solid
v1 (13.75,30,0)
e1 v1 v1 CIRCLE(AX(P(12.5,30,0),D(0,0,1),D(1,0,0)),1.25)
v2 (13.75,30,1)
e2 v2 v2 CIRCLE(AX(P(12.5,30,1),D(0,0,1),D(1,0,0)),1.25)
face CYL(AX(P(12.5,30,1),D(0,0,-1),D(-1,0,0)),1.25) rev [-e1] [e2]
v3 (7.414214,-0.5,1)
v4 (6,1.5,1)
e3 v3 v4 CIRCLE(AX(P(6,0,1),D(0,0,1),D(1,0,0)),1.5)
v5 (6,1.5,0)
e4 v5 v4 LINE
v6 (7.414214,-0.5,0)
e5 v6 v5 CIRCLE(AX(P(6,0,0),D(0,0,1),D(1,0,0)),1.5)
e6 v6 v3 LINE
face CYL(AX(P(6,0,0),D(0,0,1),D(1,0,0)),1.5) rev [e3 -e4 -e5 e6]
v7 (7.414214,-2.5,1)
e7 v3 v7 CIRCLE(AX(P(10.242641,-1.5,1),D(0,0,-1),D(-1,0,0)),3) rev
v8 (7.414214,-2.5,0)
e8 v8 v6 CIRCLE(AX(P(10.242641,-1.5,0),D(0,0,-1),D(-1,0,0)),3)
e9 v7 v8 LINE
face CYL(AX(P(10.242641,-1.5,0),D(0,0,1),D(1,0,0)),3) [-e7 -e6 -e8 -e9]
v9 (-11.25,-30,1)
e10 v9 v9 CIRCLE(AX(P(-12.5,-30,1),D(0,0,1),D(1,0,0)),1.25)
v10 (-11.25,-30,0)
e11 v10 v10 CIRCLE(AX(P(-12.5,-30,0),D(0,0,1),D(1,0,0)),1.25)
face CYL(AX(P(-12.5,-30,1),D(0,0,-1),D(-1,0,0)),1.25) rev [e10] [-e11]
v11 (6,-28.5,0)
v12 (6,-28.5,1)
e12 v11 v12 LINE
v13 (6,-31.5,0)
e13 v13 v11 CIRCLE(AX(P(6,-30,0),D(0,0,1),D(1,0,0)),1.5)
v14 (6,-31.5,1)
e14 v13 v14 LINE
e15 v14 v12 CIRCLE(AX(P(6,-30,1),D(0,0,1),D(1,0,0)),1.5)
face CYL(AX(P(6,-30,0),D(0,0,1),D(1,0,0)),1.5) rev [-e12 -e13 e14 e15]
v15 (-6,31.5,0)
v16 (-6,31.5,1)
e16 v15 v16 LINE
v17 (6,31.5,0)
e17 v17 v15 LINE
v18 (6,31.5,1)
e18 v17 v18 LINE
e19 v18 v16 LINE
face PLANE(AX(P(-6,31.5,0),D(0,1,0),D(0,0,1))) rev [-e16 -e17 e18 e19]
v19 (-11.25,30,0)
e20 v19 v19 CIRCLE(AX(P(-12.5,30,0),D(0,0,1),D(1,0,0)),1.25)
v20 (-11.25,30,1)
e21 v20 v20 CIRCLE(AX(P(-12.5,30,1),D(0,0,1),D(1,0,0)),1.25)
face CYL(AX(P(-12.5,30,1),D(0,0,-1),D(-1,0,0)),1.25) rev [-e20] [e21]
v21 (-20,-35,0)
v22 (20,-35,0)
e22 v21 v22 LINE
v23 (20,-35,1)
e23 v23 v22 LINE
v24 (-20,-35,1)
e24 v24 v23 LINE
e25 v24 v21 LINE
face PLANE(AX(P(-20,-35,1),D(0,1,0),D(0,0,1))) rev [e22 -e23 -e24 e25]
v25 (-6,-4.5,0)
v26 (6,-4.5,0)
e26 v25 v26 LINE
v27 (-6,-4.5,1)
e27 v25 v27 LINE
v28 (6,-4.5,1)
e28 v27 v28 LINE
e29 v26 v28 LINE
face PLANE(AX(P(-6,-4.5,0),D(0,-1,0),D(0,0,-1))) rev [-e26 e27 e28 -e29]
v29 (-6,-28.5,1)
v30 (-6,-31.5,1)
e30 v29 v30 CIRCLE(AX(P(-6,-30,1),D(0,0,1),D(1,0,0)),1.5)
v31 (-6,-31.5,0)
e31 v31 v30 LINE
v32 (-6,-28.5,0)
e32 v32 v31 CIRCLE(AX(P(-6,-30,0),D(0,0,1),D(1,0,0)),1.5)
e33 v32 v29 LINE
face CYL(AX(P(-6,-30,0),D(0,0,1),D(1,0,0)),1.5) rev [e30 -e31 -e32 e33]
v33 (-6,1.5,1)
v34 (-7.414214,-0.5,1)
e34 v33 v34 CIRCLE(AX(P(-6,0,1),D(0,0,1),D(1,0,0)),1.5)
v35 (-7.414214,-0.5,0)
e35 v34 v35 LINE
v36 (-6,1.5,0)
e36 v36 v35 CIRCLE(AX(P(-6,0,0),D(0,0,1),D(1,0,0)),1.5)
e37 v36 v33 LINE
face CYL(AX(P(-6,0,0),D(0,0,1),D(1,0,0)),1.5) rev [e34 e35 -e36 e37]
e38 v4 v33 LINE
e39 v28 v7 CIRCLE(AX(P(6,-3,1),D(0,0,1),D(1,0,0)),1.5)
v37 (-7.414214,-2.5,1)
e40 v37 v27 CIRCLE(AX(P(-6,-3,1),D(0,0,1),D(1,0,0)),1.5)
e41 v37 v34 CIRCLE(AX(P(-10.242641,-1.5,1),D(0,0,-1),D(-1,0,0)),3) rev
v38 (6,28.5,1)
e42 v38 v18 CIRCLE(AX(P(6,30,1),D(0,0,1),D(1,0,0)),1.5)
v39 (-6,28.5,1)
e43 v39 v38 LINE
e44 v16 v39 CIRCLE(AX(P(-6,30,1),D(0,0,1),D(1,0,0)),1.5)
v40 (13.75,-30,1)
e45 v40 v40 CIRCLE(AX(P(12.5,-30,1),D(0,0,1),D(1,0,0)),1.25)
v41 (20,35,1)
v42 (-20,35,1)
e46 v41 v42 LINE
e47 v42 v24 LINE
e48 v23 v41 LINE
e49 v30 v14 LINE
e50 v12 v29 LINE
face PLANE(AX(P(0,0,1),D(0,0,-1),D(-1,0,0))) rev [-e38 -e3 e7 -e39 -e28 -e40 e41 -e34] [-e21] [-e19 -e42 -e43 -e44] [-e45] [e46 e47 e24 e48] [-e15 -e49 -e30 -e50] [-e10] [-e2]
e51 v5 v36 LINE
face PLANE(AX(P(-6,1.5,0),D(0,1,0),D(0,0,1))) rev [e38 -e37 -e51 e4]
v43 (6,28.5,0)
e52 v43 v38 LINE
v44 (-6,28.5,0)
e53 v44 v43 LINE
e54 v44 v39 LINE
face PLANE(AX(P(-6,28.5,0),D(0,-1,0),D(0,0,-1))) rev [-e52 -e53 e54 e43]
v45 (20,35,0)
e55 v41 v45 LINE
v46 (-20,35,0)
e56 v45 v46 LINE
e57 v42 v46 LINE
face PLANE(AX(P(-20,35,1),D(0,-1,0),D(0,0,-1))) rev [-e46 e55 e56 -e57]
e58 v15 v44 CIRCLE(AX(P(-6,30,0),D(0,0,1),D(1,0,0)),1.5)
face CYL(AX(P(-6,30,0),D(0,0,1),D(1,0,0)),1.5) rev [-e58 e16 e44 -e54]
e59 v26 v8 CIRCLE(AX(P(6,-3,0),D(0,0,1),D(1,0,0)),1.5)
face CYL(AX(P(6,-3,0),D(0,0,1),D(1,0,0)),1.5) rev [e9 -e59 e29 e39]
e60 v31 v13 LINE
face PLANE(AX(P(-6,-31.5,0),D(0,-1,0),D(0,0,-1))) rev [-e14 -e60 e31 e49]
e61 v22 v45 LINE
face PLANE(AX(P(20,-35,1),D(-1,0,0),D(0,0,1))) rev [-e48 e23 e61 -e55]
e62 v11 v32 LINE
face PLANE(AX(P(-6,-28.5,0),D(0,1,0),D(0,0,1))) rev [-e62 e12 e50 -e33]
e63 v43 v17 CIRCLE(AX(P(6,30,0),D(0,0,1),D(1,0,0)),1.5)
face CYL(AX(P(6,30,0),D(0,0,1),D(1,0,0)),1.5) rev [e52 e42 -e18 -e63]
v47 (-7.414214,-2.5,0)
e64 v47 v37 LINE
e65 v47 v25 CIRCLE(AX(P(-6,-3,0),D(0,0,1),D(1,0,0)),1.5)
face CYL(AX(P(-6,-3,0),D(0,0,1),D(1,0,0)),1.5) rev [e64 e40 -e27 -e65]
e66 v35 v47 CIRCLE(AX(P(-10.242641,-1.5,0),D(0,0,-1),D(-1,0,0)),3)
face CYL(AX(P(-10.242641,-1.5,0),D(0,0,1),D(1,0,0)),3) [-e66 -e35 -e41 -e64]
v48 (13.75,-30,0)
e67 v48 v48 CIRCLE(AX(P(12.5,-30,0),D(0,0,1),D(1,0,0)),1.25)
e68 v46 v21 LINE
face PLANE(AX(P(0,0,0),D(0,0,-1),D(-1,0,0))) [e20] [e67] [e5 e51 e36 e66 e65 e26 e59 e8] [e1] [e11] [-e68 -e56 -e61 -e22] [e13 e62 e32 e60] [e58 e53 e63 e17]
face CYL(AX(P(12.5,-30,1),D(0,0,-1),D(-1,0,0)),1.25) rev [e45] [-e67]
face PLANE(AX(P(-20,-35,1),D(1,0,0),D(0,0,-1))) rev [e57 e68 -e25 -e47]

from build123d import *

# Parameters (mm, degrees)
SKETCH1_W           = 40
SKETCH1_H           = 70
SKETCH1_R           = 1.25
BOSS_EXTRUDE1_DEPTH = 1
CUT_EXTRUDE1_DEPTH  = 41.323690307
FILLET1_R           = 3


with BuildPart() as part:
    # Sketch1 → Boss-Extrude1 (new body)
    with BuildSketch(Plane.XY):
        Rectangle(SKETCH1_W, SKETCH1_H)
        with Locations((-12.5, 30)):
            Circle(SKETCH1_R, mode=Mode.SUBTRACT)
        with Locations((12.5, 30)):
            Circle(SKETCH1_R, mode=Mode.SUBTRACT)
        with Locations((-12.5, -30)):
            Circle(SKETCH1_R, mode=Mode.SUBTRACT)
        with Locations((12.5, -30)):
            Circle(SKETCH1_R, mode=Mode.SUBTRACT)
    extrude(amount=BOSS_EXTRUDE1_DEPTH)

    # Sketch2 → Cut-Extrude1 (cut, through all)
    with BuildSketch(Plane.XY.offset(1)):
        with BuildLine():
            Line((-6, 31.5), (6, 31.5))
            ThreePointArc((6, 31.5), (7.5, 30), (6, 28.5))
            Line((6, 28.5), (-6, 28.5))
            ThreePointArc((-6, 28.5), (-7.5, 30), (-6, 31.5))
        make_face()
        with BuildLine():
            Line((-6, 1.5), (6, 1.5))
            ThreePointArc((6, 1.5), (7.5, 0), (6, -1.5))
            ThreePointArc((6, -1.5), (7.5, -3), (6, -4.5))
            Line((6, -4.5), (-6, -4.5))
            ThreePointArc((-6, -4.5), (-7.5, -3), (-6, -1.5))
            ThreePointArc((-6, -1.5), (-7.5, 0), (-6, 1.5))
        make_face()
        with BuildLine():
            Line((-6, -28.5), (6, -28.5))
            ThreePointArc((6, -28.5), (7.5, -30), (6, -31.5))
            Line((6, -31.5), (-6, -31.5))
            ThreePointArc((-6, -31.5), (-7.5, -30), (-6, -28.5))
        make_face()
    extrude(amount=-CUT_EXTRUDE1_DEPTH, mode=Mode.SUBTRACT)

    # Fillet1
    fillet1_edges = [part.edges().sort_by_distance(p)[0] for p in [
        (-6, -1.5, 0.5),
        (6, -1.5, 0.5),
    ]]
    fillet(fillet1_edges, radius=FILLET1_R)


solid = part.part
